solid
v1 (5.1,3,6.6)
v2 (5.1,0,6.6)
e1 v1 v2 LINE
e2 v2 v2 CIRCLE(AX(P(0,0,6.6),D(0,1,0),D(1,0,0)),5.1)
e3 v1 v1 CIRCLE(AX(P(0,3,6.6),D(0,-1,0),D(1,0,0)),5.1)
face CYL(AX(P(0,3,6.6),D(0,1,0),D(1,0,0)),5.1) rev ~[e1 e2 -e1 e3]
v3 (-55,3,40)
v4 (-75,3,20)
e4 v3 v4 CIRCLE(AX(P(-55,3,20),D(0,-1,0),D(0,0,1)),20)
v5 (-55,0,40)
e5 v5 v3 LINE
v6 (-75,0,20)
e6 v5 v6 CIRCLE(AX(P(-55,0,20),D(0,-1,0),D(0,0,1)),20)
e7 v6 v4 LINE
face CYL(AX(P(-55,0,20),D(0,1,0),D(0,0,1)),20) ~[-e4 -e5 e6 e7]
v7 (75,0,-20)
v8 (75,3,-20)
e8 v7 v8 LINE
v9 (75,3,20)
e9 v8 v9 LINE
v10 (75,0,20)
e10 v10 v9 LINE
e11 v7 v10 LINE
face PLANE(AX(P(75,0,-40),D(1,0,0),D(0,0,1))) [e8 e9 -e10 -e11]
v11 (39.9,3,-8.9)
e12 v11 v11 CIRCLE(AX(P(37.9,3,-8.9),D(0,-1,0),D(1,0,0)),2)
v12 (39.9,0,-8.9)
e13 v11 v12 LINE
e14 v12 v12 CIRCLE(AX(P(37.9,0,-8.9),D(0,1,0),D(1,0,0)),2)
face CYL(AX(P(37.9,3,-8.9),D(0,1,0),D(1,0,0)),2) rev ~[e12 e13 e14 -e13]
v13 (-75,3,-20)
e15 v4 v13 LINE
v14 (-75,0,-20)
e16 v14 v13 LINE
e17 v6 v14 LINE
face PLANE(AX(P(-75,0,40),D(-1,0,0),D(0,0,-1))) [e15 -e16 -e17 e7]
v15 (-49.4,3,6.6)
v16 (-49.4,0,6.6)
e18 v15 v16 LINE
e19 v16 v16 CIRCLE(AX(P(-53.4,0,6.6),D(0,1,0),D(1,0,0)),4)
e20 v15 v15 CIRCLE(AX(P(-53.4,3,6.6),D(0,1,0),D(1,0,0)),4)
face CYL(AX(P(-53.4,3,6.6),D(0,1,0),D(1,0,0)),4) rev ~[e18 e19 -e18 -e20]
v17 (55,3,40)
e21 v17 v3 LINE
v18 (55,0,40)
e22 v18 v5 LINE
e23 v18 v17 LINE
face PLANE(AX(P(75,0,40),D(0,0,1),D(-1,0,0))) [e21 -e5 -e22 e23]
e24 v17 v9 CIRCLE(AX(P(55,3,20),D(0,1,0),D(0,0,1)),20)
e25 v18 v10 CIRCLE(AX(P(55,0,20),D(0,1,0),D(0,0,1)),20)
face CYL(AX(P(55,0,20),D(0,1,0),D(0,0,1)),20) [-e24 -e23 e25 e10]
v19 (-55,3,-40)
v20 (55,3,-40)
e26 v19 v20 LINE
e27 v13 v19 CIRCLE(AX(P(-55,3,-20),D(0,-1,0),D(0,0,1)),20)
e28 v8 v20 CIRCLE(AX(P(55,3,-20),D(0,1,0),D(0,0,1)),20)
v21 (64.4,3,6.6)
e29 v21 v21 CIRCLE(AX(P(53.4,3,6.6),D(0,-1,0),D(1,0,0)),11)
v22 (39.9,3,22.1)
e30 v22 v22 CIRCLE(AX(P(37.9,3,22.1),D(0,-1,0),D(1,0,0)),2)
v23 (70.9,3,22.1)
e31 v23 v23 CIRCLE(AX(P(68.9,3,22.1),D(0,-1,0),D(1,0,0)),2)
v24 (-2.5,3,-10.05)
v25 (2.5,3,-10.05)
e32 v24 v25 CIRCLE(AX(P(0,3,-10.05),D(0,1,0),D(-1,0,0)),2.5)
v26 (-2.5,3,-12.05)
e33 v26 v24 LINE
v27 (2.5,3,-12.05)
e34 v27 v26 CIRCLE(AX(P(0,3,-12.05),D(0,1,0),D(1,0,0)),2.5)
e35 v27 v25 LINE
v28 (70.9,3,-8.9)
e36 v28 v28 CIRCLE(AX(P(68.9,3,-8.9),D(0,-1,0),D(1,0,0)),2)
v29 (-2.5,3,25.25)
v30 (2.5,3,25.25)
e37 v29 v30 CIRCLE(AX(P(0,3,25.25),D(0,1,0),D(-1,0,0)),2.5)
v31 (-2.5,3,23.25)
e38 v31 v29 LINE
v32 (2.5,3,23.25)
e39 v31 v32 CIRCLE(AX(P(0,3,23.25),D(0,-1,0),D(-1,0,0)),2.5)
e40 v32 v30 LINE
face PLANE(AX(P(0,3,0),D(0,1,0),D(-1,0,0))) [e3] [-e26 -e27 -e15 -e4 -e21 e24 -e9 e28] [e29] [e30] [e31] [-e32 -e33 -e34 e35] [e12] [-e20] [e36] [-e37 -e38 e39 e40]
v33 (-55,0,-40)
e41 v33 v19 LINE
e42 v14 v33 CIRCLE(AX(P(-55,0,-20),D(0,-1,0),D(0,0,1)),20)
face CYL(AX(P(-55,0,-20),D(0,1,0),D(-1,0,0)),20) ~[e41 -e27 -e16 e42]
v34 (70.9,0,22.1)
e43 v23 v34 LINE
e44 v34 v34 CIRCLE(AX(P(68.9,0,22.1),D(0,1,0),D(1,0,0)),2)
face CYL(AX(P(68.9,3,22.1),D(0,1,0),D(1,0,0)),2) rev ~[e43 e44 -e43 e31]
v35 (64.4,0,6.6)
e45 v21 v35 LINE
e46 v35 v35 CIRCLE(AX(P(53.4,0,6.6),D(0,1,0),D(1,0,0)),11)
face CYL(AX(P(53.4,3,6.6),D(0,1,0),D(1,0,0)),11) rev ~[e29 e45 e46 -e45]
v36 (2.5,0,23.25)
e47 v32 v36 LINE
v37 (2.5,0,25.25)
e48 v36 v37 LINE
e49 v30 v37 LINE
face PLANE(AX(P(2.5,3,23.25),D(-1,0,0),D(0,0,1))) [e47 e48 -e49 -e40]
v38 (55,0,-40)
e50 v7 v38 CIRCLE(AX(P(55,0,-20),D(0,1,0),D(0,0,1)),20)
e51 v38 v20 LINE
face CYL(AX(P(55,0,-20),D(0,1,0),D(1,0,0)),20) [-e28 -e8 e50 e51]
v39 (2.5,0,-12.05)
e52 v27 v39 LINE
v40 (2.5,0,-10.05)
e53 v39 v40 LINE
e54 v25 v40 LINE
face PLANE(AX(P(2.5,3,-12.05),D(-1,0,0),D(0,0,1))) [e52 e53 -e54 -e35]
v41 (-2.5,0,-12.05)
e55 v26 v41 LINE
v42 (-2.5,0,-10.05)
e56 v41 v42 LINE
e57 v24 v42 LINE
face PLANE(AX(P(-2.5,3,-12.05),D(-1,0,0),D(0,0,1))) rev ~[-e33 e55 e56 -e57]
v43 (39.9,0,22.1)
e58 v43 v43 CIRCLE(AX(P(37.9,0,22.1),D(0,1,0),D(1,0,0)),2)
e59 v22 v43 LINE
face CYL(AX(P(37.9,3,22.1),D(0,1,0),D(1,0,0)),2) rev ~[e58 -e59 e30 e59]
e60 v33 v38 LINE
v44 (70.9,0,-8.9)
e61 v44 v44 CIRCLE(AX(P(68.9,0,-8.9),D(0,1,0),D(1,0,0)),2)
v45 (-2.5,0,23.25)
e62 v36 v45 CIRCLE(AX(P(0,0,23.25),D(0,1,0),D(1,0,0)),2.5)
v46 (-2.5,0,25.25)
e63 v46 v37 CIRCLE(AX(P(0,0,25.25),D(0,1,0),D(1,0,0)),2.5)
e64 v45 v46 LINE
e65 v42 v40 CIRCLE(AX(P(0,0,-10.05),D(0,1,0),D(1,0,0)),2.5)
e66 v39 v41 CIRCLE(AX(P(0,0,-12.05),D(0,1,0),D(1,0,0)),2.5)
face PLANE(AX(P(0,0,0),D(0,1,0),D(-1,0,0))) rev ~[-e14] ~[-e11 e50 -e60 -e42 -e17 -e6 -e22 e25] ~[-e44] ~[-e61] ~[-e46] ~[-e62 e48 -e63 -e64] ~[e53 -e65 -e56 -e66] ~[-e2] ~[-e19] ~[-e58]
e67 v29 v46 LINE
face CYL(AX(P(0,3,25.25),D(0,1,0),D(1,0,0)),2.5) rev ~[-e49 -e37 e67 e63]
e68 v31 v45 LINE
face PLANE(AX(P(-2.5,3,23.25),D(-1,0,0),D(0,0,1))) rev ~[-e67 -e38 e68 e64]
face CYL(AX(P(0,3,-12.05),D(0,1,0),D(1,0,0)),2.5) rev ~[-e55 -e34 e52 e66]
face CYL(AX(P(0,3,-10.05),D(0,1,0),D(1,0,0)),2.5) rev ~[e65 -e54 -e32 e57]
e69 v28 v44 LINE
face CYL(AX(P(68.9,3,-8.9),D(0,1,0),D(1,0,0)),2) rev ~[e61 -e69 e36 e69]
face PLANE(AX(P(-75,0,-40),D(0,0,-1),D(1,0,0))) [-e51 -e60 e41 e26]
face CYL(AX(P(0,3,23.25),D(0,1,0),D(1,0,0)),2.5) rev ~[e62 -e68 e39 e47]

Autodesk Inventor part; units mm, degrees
ref_plane "YZ Plane" through (0, 0, 0) normal (1, 0, 0) x (0, 1, 0)
ref_plane "XZ Plane" through (0, 0, 0) normal (0, 1, 0) x (-1, 0, 0)
ref_plane "XY Plane" through (0, 0, 0) normal (0, 0, 1) x (1, 0, 0)
sketch "Sketch1" plane through (0, 0, 0) normal (0, 1, 0) x (-1, 0, 0)
  line L0 (-75, 40) -> (75, 40)
  line L1 (75, 40) -> (75, -40)
  line L2 (75, -40) -> (-75, -40)
  line L3 (-75, -40) -> (-75, 40)
  line L4 (-75, 40) -> (75, -40) construction
  line L5 (75, 40) -> (-75, -40) construction
  point P0 (0, 0)
  dimension "d0" = 150
  dimension "d1" = 80
extrude "Extrusion1" add sketch "Sketch1" along normal blind 3
sketch "Sketch5" plane through (0, 3, 0) normal (0, 1, 0) x (1, 0, 0)
  line L0 (-75, 40) -> (-75, -40) projected
  line L1 (75, 40) -> (-75, 40)
  line L2 (-75, 40) -> (-75, 15)
  line L3 (-75, 15) -> (75, 15)
  line L4 (75, 15) -> (75, 40)
  line L5 (21.6, 15) -> (-21.6, 15)
  line L6 (75, 15) -> (31.8, 15)
  line L7 (31.8, 15) -> (31.8, -28.2)
  line L8 (31.8, -28.2) -> (75, -28.2)
  line L9 (75, -28.2) -> (75, 15)
  line L10 (31.8, 15) -> (75, -28.2)
  line L11 (75, 15) -> (31.8, -28.2)
  circle A0 centre (53.4, -6.6) radius 11
  line L12 (37.9, -22.1) -> (68.9, -22.1)
  line L13 (68.9, -22.1) -> (68.9, 8.9)
  line L14 (68.9, 8.9) -> (37.9, 8.9)
  line L15 (37.9, 8.9) -> (37.9, -22.1)
  line L16 (37.9, -22.1) -> (68.9, 8.9) construction
  line L17 (68.9, -22.1) -> (37.9, 8.9) construction
  circle A1 centre (37.9, 8.9) radius 2
  circle A2 centre (68.9, 8.9) radius 2
  circle A3 centre (68.9, -22.1) radius 2
  circle A4 centre (37.9, -22.1) radius 2
  point P0 (309.988, -32.2194)
  dimension "d26" = 25
  dimension "d49" = 150
  dimension "d50" = 43.2
  dimension "d51" = 43.2
  dimension "d52" = 22
  dimension "d53" = 31
  dimension "d54" = 31
  dimension "d55" = 4
  dimension "d56" = 4
  dimension "d57" = 4
  dimension "d58" = 4
extrude "Extrusion4" cut sketch "Sketch5" against normal through all contours A2 L13 L11 | L11 L14 A2 | A1 L14 L10 | L10 L15 A1 | A3 L12 L10 | L10 L13 A3 | L13 A2 L11 | L11 A2 L14 | A4 L15 L11 | L11 L12 A4 | L14 A1 L10 | L10 A1 L15 | L12 A3 L10 | L10 A3 L13 | L15 A4 L11 | L11 A4 L12 | A0 L10 L11 | L11 L10 A0 | L10 L11 A0 | A0 L11 L10
sketch "Sketch6" plane through (0, 3, 0) normal (0, 1, 0) x (1, 0, 0)
  line L0 (75, 40) -> (-75, 40) projected
  line L1 (0, 40) -> (0, 15)
  line L2 (0, 15) -> (0, -28.2)
  line L3 (-21.6, 15) -> (21.6, 15)
  line L4 (21.6, 15) -> (21.6, -28.2)
  line L5 (21.6, -28.2) -> (-21.6, -28.2)
  line L6 (-21.6, -28.2) -> (-21.6, 15)
  line L7 (-21.6, 15) -> (21.6, -28.2) construction
  line L8 (21.6, 15) -> (-21.6, -28.2) construction
  circle A0 centre (0, -6.6) radius 5.1
  line L9 (0, 15) -> (75, 15)
  line L10 (75, 15) -> (31.8, 15)
  line L11 (31.8, 15) -> (31.8, -6.6)
  line L12 (31.8, -6.6) -> (53.4, -6.6)
  line L13 (53.4, -6.6) -> (0, -6.6)
  line L14 (0, -6.6) -> (-53.4, -6.6)
  circle A1 centre (-53.4, -6.6) radius 4
  line L15 (0, -25.25) -> (0, 12.05)
  circle A2 centre (0, 12.05) radius 2.5
  line L16 (0, 12.05) -> (0, 10.05)
  circle A3 centre (0, 10.05) radius 2.5
  circle A4 centre (0, -25.25) radius 2.5
  line L17 (0, -25.25) -> (0, -23.25)
  circle A5 centre (0, -23.25) radius 2.5
  line L18 (-2.5, -23.25) -> (-2.5, -25.25)
  line L19 (2.5, -23.25) -> (2.5, -25.25)
  line L20 (-2.5, 12.05) -> (-2.5, 10.05)
  line L21 (2.5, 12.05) -> (2.5, 10.05)
  point P0 (0, 0)
  dimension "d59" = 25
  dimension "d60" = 43.2
  dimension "d61" = 43.2
  dimension "d62" = 43.2
  dimension "d63" = 10.2
  dimension "d64" = 43.2
  dimension "d65" = 53.4
  dimension "d66" = 8
  dimension "d69" = 37.3
  dimension "d70" = 5
  dimension "d71" = 2
  dimension "d72" = 5
  dimension "d73" = 5
  dimension "d74" = 2
  dimension "d75" = 5
extrude "Extrusion6" cut sketch "Sketch6" against normal through all contours L2 A3 A2 | L2 A2 A3 | A3 A2 L2 | L2 A2 A3 | A2 A3 L2 | L2 A3 A2 | A2 L21 A3 | A3 L20 A2 | A1 | A0 L13 L2 | L2 L14 A0 | L13 A0 L2 | L2 A0 L14 | A5 A4 L2 | L2 A4 A5 | A4 A5 L2 | L2 A5 A4 | L19 A4 A5 | A5 A4 L18 | A4 A5 L2 | L2 A5 A4
fillet "Fillet1" radius 20 4 edges at (75, 1.5, 40) (75, 1.5, -40) (-75, 1.5, 40) (-75, 1.5, -40)
properties part number "TopMount"
